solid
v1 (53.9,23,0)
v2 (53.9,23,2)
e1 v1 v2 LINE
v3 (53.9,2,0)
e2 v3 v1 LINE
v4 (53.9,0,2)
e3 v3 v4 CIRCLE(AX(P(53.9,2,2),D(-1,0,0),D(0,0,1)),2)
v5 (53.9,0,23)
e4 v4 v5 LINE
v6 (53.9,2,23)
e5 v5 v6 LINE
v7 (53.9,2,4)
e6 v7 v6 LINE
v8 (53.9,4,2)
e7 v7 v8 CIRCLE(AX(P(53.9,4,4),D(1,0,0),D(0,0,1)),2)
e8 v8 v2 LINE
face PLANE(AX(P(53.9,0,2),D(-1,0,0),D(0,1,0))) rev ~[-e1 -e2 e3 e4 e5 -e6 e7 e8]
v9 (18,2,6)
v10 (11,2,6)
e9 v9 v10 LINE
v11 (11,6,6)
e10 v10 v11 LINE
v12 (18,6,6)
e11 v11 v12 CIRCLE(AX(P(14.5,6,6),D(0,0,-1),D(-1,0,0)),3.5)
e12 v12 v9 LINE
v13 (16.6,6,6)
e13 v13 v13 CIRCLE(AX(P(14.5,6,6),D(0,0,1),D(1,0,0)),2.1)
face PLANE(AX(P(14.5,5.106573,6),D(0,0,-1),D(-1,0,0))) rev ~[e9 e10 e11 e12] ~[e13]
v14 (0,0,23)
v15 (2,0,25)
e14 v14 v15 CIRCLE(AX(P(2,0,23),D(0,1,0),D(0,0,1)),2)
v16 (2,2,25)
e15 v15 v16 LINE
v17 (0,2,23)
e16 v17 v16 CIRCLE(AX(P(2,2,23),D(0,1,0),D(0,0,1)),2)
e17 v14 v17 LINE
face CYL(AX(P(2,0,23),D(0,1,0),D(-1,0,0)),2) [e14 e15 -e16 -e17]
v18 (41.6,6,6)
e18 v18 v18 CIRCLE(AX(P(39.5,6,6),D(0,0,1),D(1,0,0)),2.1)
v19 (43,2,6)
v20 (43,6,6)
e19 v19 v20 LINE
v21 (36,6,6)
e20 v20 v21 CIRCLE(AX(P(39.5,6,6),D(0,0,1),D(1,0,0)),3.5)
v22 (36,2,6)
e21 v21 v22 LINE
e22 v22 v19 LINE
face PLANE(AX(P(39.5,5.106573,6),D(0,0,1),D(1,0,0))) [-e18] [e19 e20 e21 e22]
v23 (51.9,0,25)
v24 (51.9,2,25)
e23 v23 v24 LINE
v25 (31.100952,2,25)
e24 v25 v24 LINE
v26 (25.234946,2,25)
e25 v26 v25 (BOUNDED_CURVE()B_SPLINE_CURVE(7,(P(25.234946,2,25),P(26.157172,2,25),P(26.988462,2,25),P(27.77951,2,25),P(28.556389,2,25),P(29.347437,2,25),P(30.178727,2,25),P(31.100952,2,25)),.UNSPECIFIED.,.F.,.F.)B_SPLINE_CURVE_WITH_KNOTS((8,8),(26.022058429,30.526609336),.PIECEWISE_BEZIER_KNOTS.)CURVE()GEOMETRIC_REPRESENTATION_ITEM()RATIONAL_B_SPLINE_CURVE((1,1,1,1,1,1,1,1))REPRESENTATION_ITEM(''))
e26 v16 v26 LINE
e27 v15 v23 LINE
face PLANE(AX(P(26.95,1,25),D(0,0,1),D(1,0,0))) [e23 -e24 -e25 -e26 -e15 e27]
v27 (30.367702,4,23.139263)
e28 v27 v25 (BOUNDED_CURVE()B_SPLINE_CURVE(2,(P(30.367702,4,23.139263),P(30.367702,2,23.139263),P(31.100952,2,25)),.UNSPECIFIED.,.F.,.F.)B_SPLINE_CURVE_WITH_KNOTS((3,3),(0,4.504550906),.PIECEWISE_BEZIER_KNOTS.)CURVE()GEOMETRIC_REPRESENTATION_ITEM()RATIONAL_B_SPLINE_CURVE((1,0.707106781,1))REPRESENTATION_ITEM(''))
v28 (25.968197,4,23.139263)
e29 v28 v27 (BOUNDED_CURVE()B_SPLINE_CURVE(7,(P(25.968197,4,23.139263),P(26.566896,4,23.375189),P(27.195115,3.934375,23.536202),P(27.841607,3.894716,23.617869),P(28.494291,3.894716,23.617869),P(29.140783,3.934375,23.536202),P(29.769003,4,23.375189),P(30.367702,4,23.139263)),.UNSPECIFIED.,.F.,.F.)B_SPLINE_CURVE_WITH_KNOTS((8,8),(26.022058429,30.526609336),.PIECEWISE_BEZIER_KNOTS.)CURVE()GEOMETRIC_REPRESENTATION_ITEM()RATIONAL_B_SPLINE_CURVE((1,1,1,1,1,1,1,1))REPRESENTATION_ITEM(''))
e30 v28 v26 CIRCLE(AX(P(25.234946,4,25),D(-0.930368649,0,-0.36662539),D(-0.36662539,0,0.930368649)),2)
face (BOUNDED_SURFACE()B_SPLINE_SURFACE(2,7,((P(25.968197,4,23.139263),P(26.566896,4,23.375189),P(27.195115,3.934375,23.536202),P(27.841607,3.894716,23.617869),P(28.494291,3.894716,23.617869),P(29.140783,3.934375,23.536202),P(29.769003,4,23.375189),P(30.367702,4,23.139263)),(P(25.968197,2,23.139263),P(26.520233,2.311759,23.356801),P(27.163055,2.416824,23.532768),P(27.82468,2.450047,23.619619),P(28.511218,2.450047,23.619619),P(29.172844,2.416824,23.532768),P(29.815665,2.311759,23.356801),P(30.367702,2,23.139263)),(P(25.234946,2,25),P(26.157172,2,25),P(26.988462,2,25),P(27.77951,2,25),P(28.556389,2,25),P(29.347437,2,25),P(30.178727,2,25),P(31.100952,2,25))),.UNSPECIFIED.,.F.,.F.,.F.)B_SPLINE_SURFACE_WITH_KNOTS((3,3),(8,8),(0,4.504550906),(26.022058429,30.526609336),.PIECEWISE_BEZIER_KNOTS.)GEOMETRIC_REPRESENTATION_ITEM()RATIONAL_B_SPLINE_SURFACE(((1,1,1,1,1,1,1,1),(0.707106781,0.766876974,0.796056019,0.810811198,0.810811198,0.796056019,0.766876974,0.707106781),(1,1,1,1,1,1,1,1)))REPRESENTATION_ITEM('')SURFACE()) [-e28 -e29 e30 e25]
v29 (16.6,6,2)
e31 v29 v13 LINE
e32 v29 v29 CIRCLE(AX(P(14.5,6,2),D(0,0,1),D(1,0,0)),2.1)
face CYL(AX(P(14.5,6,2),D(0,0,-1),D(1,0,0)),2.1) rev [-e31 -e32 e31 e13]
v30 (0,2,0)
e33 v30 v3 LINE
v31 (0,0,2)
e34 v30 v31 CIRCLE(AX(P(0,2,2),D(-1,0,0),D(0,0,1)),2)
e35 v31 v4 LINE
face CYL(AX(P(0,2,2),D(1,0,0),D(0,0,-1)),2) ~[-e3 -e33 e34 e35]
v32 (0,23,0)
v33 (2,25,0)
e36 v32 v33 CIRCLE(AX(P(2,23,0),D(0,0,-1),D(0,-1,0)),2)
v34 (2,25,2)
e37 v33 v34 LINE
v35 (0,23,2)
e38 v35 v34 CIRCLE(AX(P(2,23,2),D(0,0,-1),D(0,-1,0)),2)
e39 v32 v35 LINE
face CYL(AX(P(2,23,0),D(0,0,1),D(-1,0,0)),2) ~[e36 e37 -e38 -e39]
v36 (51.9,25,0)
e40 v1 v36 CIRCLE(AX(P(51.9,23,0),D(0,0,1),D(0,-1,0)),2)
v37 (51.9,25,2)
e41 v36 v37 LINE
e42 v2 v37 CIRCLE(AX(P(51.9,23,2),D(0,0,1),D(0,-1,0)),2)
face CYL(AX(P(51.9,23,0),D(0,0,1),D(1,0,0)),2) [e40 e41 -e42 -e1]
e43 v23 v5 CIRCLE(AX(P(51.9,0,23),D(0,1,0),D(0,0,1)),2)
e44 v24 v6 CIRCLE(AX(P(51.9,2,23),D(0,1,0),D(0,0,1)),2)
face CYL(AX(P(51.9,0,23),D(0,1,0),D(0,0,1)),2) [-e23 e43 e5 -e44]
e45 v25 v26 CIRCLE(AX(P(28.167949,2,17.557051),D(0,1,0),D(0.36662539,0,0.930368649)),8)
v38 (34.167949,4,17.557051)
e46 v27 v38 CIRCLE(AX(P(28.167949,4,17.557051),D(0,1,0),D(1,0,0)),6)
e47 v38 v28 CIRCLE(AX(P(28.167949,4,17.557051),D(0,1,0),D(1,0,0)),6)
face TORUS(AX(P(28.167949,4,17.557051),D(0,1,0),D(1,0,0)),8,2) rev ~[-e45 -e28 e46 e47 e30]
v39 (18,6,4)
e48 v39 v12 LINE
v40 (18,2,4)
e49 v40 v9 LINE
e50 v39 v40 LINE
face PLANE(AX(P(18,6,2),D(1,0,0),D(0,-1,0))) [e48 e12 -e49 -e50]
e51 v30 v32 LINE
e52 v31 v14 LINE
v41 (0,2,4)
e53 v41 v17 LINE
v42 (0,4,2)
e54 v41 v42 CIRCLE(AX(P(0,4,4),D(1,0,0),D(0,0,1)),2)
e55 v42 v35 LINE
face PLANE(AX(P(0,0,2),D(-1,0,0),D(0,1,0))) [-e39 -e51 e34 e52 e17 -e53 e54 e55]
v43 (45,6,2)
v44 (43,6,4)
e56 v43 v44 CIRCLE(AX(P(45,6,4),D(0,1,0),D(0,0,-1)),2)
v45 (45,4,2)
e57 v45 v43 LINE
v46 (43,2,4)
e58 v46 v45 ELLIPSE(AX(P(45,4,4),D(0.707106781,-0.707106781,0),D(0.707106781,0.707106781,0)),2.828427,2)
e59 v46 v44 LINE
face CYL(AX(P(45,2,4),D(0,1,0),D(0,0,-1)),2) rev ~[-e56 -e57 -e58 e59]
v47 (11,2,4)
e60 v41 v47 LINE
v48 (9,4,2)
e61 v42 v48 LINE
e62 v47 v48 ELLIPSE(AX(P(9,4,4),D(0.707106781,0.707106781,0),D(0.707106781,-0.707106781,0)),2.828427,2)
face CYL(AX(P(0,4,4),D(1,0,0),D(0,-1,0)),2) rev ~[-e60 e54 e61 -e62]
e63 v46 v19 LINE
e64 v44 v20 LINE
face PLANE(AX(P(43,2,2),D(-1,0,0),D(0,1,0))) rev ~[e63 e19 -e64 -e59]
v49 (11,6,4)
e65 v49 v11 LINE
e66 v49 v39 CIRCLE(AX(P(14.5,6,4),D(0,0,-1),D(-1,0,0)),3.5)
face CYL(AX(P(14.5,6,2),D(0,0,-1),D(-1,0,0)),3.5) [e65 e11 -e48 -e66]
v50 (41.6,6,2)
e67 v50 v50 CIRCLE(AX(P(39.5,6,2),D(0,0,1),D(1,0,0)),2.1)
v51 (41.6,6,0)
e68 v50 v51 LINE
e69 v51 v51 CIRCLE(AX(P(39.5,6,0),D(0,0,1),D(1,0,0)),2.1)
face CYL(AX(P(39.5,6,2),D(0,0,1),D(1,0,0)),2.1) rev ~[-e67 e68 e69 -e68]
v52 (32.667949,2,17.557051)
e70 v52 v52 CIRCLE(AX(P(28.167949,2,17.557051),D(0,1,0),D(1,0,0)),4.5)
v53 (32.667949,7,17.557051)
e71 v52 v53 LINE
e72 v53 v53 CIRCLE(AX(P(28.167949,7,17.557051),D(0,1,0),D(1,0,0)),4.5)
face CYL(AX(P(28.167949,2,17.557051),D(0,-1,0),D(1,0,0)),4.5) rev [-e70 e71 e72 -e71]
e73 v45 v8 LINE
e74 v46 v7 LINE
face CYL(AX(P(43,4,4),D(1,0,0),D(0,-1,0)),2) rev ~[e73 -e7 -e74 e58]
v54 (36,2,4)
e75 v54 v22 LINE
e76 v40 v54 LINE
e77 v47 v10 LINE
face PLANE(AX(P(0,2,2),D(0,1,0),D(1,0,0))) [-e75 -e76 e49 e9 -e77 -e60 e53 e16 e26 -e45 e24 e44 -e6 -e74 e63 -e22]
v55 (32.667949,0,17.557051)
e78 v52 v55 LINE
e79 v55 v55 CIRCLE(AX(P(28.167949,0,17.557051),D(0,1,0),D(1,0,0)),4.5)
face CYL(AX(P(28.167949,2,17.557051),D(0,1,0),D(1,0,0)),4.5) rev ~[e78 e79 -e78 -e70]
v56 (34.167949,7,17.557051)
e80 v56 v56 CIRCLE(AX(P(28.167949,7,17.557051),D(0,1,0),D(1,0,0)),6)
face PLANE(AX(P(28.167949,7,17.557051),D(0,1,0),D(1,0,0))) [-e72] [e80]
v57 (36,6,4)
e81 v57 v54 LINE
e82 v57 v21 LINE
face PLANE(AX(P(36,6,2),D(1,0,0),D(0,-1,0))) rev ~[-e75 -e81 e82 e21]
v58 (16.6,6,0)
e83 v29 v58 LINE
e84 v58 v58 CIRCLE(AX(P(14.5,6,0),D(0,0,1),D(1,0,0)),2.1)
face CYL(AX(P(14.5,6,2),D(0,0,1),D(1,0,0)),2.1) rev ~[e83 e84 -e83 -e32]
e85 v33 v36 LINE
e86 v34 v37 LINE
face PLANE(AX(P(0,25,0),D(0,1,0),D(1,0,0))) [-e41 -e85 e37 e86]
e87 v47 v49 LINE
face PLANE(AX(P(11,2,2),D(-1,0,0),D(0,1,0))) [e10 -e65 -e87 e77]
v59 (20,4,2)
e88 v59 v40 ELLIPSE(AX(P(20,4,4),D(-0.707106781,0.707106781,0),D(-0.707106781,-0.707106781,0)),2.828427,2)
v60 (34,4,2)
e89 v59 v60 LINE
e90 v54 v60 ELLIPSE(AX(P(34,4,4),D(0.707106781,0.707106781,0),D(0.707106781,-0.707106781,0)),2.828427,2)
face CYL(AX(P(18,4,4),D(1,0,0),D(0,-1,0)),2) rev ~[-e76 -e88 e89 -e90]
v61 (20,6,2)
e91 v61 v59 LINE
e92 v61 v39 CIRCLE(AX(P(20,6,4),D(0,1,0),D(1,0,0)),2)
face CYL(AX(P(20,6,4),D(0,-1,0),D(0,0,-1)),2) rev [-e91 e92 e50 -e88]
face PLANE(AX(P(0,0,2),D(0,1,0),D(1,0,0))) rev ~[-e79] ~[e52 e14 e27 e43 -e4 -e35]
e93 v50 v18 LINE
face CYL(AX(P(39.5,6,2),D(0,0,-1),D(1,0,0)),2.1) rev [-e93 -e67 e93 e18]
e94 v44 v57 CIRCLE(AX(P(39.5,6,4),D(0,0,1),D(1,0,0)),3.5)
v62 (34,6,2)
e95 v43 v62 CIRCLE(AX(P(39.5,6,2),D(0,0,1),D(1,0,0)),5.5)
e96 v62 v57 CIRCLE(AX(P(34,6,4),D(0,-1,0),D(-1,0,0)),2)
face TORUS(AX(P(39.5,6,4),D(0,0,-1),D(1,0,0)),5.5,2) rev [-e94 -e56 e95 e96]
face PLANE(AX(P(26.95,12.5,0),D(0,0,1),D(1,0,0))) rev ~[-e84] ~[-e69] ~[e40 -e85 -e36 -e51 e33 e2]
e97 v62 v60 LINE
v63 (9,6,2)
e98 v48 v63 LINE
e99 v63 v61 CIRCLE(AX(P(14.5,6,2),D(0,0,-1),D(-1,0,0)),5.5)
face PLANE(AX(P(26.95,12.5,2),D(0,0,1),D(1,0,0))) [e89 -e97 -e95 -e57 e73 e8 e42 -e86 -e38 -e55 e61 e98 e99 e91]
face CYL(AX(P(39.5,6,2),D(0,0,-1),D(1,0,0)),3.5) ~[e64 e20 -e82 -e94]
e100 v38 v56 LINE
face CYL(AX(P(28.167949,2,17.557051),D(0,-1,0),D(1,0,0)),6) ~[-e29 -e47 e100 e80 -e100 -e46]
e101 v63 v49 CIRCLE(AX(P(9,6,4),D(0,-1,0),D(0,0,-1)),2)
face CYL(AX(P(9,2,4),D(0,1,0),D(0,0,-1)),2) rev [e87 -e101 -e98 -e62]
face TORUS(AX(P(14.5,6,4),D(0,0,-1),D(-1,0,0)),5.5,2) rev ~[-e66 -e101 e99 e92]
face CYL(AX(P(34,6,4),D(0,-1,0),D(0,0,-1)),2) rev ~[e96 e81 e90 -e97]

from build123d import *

# Parameters (mm, degrees)
SKETCH1_W           = 53.9
SKETCH1_H           = 25
BOSS_EXTRUDE1_DEPTH = 2
SKETCH2_W           = 53.9
SKETCH2_H           = 2
BOSS_EXTRUDE2_DEPTH = 23
SKETCH3_R           = 2.1
CUT_EXTRUDE1_DEPTH  = 3
SKETCH4_R           = 4.5
CUT_EXTRUDE2_DEPTH  = 3
SKETCH5_R           = 2.1
BOSS_EXTRUDE3_DEPTH = 4
SKETCH6_R           = 6
SKETCH6_R_2         = 4.5
BOSS_EXTRUDE4_DEPTH = 5
FILLET1_R           = 2


with BuildPart() as part:
    # Sketch1 → Boss-Extrude1 (new body)
    with BuildSketch(Plane.XY):
        with Locations((26.95, 12.5)):
            Rectangle(SKETCH1_W, SKETCH1_H)
    extrude(amount=BOSS_EXTRUDE1_DEPTH)

    # Sketch2 → Boss-Extrude2 (add)
    with BuildSketch(Plane.XY.offset(2)):
        with Locations((26.95, 1)):
            Rectangle(SKETCH2_W, SKETCH2_H)
    extrude(amount=BOSS_EXTRUDE2_DEPTH)

    # Sketch3 → Cut-Extrude1 (cut, through all)
    with BuildSketch(Plane.XY.offset(2)):
        with Locations((39.5, 6)):
            Circle(SKETCH3_R)
        with Locations((14.5, 6)):
            Circle(SKETCH3_R)
    extrude(amount=-CUT_EXTRUDE1_DEPTH, mode=Mode.SUBTRACT)

    # Sketch4 → Cut-Extrude2 (cut, through all)
    with BuildSketch(Plane(origin=(0, 2, 0), x_dir=(1, 0, 0), z_dir=(0, 1, 0))):
        with Locations((28.167949192, -17.557050808)):
            Circle(SKETCH4_R)
    extrude(amount=-CUT_EXTRUDE2_DEPTH, mode=Mode.SUBTRACT)

    # Sketch5 → Boss-Extrude3 (add)
    with BuildSketch(Plane.XY.offset(2)):
        with BuildLine():
            Line((18, 6), (18, 2))
            Line((18, 2), (11, 2))
            Line((11, 2), (11, 6))
            ThreePointArc((11, 6), (14.5, 9.5), (18, 6))
        make_face()
        with Locations((14.5, 6)):
            Circle(SKETCH5_R, mode=Mode.SUBTRACT)
        with BuildLine():
            Line((36, 6), (36, 2))
            Line((36, 2), (43, 2))
            Line((43, 2), (43, 6))
            ThreePointArc((43, 6), (39.5, 9.5), (36, 6))
        make_face()
        with Locations((39.5, 6)):
            Circle(SKETCH5_R, mode=Mode.SUBTRACT)
    extrude(amount=BOSS_EXTRUDE3_DEPTH)

    # Sketch6 → Boss-Extrude4 (add)
    with BuildSketch(Plane(origin=(0, 2, 0), x_dir=(1, 0, 0), z_dir=(0, 1, 0))):
        with Locations((28.167949192, -17.557050808)):
            Circle(SKETCH6_R)
        with Locations((28.167949192, -17.557050808)):
            Circle(SKETCH6_R_2, mode=Mode.SUBTRACT)
    extrude(amount=BOSS_EXTRUDE4_DEPTH)

    # Fillet1
    fillet1_edges = [part.edges().sort_by_distance(p)[0] for p in [
        (48.45, 2, 2),
        (0, 1, 25),
        (53.9, 1, 25),
        (5.5, 2, 2),
        (14.5, 9.5, 2),
        (11, 4, 2),
        (18, 4, 2),
        (27, 2, 2),
        (26.95, 0, 0),
        (39.5, 9.5, 2),
        (36, 4, 2),
        (43, 4, 2),
        (22.167949192, 2, 17.557050808),
        (0, 25, 1),
        (53.9, 25, 1),
    ]]
    fillet(fillet1_edges, radius=FILLET1_R)


solid = part.part
